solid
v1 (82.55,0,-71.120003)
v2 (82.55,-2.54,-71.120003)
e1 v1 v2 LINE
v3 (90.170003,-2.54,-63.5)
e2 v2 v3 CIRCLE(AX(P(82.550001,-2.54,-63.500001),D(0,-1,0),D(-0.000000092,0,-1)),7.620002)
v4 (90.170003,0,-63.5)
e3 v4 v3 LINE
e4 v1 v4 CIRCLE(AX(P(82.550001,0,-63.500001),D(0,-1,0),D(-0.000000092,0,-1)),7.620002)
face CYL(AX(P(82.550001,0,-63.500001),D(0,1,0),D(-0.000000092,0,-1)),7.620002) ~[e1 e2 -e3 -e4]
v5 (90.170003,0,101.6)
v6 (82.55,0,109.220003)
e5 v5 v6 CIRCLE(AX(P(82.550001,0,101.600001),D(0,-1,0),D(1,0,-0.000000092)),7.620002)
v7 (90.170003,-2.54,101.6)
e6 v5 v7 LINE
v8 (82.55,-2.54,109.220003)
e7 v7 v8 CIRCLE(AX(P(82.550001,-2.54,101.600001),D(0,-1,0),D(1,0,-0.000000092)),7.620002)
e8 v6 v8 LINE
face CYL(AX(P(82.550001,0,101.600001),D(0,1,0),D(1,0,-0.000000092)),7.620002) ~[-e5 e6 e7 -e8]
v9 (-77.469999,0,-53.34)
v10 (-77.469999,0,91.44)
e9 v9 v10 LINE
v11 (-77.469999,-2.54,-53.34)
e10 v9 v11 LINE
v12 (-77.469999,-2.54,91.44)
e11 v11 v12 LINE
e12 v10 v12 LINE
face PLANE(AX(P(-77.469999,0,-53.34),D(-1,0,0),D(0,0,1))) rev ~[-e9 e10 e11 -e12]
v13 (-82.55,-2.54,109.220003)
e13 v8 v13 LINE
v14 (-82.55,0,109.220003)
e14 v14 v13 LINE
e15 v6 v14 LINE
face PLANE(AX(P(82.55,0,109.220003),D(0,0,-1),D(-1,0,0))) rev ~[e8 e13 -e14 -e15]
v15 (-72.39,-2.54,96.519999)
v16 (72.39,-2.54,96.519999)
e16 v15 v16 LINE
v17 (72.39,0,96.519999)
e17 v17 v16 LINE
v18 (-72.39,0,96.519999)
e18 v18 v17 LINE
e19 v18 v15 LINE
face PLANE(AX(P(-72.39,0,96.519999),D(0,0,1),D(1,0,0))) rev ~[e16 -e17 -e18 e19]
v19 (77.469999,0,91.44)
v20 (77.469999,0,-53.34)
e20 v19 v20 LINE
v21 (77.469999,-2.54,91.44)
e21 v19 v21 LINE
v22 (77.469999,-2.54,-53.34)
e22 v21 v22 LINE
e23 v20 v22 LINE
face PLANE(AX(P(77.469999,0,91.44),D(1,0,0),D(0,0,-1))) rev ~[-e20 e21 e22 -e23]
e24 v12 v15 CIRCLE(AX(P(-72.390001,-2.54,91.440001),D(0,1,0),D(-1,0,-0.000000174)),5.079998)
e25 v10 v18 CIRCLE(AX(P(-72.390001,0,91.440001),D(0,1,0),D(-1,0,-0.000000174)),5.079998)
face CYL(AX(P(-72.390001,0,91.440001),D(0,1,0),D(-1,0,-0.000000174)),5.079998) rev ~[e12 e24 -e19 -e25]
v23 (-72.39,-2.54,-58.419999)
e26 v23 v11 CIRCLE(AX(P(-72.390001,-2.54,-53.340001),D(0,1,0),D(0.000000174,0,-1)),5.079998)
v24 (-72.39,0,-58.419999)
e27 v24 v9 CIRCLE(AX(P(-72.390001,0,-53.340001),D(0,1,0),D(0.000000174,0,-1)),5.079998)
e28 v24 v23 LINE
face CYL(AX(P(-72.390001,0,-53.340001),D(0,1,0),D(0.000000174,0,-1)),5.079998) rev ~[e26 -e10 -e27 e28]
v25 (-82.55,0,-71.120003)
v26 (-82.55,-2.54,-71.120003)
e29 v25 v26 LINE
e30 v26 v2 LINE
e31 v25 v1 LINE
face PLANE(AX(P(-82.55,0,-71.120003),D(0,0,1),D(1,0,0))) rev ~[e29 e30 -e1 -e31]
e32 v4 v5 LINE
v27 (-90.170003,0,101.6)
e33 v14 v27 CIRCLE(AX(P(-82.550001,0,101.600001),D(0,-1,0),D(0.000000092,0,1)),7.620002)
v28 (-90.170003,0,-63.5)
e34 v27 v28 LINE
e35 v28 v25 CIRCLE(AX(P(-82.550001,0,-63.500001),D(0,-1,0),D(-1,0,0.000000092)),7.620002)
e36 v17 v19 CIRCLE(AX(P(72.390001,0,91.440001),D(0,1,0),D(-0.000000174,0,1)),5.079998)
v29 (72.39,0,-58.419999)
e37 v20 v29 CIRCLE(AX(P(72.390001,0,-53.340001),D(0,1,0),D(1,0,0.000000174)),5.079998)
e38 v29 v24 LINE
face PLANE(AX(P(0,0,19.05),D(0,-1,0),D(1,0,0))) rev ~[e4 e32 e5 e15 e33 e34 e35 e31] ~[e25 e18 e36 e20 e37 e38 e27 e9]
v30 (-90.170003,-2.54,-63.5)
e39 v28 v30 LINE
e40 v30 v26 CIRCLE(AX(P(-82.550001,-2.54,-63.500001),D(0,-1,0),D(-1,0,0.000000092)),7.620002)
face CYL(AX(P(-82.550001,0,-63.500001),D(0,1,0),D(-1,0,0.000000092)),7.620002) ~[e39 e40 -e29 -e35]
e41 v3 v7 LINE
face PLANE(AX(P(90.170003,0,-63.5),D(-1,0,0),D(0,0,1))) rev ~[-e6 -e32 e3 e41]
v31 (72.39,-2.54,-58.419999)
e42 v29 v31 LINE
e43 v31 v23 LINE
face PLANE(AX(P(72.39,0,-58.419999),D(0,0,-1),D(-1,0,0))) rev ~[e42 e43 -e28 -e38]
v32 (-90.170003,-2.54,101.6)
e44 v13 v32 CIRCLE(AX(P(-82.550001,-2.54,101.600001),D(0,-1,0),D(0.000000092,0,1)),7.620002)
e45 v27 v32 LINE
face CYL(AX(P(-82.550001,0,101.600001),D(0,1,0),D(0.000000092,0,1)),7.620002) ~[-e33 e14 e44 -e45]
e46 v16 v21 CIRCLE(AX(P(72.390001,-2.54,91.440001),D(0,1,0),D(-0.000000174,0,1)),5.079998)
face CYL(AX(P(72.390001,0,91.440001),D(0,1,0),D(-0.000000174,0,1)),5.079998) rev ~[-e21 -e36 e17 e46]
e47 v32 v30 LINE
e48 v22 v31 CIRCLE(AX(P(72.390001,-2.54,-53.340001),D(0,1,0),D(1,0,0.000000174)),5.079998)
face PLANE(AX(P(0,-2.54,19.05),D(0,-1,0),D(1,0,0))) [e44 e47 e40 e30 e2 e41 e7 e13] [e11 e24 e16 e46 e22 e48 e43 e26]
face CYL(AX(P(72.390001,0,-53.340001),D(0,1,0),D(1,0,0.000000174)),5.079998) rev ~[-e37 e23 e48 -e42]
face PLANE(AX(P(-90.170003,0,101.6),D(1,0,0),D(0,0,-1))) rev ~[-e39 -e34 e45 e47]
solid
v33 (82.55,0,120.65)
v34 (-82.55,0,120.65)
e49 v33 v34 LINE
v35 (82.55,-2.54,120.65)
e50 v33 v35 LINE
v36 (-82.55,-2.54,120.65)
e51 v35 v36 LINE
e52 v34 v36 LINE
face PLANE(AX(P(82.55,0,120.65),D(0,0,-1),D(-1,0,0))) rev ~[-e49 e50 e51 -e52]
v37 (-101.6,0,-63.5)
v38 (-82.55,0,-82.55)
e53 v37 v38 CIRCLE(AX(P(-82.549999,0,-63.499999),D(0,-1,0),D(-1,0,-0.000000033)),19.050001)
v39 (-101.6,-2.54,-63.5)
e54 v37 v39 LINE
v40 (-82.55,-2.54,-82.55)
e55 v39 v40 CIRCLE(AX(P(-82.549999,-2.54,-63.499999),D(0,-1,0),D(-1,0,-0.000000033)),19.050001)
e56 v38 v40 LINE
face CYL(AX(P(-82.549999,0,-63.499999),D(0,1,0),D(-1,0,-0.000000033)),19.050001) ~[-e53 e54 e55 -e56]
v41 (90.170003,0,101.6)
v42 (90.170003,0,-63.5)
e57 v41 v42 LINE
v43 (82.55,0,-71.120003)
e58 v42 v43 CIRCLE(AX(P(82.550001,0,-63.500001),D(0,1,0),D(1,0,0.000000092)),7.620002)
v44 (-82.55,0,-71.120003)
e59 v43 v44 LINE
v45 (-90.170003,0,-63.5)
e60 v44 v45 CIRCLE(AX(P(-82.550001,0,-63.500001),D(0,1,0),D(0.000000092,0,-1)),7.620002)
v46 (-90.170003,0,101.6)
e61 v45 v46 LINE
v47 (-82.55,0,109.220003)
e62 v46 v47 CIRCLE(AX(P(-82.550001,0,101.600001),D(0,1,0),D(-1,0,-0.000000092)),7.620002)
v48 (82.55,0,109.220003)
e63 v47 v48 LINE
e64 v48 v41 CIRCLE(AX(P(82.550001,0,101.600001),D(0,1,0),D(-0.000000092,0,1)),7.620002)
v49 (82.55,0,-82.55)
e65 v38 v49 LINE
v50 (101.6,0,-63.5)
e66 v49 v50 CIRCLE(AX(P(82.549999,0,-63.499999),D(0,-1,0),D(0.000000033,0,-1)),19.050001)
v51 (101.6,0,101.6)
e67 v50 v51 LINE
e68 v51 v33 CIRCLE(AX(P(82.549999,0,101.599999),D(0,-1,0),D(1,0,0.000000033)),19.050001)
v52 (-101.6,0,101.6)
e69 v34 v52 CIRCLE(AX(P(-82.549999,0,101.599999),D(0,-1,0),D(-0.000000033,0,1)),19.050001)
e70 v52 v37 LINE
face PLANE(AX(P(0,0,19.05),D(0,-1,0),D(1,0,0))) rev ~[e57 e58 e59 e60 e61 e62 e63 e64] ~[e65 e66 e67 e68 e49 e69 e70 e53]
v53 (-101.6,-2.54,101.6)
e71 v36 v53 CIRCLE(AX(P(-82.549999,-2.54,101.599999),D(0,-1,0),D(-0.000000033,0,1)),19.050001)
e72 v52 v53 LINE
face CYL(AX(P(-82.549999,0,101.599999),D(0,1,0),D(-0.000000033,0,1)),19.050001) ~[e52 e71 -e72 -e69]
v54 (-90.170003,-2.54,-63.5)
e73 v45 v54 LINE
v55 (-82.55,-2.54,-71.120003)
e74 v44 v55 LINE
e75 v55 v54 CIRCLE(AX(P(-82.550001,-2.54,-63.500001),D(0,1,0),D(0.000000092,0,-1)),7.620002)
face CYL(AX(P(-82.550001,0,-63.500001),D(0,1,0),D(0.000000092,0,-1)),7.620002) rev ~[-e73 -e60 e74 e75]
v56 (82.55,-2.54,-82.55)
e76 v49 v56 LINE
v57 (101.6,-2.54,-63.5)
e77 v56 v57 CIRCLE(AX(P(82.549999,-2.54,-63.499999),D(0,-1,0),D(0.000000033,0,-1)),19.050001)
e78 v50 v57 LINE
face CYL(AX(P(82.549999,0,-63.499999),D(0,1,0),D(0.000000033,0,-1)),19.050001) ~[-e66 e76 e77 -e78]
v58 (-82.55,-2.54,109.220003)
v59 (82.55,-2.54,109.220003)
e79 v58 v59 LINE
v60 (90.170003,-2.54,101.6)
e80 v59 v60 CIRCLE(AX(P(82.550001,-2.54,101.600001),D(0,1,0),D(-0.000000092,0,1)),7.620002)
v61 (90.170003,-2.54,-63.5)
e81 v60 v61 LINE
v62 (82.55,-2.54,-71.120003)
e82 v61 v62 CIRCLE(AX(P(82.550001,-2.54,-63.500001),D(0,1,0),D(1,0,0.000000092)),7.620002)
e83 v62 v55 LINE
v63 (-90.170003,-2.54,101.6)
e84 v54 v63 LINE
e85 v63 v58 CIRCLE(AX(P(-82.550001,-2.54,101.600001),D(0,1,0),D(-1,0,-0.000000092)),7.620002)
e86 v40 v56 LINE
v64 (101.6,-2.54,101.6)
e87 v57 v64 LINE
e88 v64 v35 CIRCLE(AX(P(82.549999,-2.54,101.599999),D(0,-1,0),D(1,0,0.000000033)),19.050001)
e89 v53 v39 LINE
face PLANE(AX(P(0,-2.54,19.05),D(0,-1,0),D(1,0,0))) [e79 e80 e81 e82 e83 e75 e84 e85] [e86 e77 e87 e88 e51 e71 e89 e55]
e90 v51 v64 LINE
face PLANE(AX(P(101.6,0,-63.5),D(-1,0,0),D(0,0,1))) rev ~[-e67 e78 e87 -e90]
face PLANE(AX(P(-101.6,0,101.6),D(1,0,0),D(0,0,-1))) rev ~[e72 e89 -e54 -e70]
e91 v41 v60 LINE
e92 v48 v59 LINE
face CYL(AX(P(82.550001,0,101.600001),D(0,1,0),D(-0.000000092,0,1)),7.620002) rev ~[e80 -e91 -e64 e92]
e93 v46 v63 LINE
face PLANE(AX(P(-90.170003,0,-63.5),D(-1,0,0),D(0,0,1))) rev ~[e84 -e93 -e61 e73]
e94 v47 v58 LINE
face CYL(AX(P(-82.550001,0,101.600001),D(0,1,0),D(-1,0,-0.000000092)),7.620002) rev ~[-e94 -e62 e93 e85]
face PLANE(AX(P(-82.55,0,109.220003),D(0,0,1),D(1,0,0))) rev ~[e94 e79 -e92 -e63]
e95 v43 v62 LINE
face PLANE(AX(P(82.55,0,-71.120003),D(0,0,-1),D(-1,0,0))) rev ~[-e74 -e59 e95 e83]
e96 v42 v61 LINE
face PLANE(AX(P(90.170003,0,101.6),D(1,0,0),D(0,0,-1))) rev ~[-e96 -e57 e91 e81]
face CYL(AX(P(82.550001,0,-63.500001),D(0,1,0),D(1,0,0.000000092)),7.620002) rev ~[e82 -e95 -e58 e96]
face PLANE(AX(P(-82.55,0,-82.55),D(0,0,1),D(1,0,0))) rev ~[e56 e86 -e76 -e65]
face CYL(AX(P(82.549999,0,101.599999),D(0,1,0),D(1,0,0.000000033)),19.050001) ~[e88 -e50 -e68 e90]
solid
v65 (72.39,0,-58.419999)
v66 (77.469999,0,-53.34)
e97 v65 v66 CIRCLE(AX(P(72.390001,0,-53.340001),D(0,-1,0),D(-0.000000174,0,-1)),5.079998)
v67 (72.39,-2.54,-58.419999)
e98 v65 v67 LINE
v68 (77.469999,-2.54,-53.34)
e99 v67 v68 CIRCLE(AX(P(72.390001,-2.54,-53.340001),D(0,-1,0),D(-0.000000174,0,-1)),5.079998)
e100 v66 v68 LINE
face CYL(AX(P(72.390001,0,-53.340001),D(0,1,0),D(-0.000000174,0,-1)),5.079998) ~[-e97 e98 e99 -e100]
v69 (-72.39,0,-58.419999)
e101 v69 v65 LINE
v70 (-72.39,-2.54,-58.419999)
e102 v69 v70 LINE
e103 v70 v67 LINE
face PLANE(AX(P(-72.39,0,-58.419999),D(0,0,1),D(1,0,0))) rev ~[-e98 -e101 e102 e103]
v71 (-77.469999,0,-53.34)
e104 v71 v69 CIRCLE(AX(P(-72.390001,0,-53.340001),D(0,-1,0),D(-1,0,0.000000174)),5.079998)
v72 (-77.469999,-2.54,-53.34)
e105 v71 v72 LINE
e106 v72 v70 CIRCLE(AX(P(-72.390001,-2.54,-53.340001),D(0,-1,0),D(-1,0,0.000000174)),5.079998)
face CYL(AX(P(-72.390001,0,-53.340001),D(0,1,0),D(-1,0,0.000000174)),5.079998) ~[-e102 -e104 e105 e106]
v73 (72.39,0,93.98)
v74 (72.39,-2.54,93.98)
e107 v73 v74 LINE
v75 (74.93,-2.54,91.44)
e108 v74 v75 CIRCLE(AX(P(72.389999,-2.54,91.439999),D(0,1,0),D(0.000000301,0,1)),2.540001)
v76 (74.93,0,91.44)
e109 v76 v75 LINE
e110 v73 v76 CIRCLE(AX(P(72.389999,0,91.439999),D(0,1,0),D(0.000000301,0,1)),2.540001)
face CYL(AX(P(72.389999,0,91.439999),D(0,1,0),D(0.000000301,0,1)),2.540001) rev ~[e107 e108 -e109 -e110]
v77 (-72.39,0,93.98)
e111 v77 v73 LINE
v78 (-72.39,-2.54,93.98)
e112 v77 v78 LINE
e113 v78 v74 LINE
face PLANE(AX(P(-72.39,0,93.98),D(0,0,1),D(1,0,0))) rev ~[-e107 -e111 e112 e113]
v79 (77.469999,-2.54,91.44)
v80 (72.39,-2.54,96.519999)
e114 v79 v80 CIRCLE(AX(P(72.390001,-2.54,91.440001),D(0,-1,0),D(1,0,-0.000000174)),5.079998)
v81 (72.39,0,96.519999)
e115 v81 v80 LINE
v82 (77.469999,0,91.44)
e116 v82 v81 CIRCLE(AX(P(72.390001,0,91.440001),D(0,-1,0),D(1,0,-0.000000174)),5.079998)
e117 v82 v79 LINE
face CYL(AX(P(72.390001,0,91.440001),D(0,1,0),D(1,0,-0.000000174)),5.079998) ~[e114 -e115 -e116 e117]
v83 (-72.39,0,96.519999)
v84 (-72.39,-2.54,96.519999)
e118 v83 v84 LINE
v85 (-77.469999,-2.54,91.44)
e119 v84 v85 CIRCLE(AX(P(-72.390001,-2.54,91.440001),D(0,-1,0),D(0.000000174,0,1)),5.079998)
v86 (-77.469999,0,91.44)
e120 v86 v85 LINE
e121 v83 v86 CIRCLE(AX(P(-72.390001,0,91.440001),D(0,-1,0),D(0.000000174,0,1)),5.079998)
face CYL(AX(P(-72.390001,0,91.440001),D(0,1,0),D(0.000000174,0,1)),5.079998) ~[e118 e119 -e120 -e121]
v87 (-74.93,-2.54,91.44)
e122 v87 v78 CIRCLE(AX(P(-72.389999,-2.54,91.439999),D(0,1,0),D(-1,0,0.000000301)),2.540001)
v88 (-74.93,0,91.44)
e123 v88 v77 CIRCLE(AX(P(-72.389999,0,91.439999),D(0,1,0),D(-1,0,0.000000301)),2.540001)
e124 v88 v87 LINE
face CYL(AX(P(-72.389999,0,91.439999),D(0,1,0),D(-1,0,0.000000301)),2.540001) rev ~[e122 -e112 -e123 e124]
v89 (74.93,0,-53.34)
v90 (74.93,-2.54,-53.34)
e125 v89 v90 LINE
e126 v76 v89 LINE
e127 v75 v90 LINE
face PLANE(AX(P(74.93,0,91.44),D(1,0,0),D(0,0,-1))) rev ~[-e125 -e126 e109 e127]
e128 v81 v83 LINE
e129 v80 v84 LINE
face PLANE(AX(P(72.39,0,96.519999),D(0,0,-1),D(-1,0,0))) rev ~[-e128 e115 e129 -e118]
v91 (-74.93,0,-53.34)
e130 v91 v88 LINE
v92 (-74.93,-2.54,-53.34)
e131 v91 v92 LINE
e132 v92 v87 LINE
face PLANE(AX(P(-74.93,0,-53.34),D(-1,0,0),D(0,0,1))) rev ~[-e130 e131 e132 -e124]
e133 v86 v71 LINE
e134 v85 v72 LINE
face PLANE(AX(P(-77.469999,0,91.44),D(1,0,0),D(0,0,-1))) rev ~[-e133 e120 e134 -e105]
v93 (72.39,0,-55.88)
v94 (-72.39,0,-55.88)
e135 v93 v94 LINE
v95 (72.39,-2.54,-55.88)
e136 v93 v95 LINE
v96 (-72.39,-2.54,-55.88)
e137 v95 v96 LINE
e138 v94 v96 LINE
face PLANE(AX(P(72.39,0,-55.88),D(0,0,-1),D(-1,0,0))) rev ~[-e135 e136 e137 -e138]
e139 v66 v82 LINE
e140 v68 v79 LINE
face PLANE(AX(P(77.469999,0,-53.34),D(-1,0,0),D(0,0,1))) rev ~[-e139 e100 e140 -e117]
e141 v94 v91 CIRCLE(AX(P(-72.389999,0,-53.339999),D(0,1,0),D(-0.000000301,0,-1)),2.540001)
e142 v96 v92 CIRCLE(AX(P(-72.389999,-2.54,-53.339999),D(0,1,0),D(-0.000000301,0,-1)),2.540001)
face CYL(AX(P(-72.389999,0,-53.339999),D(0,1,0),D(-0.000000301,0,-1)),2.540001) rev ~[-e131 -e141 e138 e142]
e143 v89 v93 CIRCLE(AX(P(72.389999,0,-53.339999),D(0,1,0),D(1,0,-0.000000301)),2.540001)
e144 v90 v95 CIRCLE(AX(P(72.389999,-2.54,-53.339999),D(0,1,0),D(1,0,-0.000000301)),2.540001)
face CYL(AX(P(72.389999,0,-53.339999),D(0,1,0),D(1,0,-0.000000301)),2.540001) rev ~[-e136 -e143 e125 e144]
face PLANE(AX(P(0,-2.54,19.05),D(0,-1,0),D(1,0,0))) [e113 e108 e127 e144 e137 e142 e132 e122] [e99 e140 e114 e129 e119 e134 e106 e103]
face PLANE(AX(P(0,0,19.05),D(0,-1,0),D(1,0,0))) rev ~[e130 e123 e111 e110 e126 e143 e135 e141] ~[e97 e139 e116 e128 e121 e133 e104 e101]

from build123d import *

# Parameters (mm, degrees)
F1_DEPTH = 2.54
F2_DEPTH = 2.54


with BuildPart() as f1:
    # F0 (on Front) → F1 (new body)
    with BuildSketch(Plane.XZ):
        with BuildLine():
            ThreePointArc((-82.55, 120.65), (-96.020384, 115.070384), (-101.6, 101.6))
            Line((-101.6, 101.6), (-101.6, 54.021736))
            Line((-101.6, 54.021736), (-101.6, -15.921711))
            Line((-101.6, -15.921711), (-101.6, -63.5))
            ThreePointArc((-101.6, -63.5), (-96.020384, -76.970384), (-82.55, -82.55))
            Line((-82.55, -82.55), (-41.275, -82.55))
            Line((-41.275, -82.55), (41.275, -82.55))
            Line((41.275, -82.55), (82.55, -82.55))
            ThreePointArc((82.55, -82.55), (96.020384, -76.970384), (101.6, -63.5))
            Line((101.6, -63.5), (101.6, 101.6))
            ThreePointArc((101.6, 101.6), (96.020384, 115.070384), (82.55, 120.65))
            Line((82.55, 120.65), (-82.55, 120.65))
        make_face()
        with BuildLine():
            ThreePointArc((-90.170003, 101.6), (-87.938156, 106.988156), (-82.55, 109.220003))
            Line((-82.55, 109.220003), (82.55, 109.220003))
            ThreePointArc((82.55, 109.220003), (87.938156, 106.988156), (90.170003, 101.6))
            Line((90.170003, 101.6), (90.170003, -63.5))
            ThreePointArc((90.170003, -63.5), (87.938156, -68.888156), (82.55, -71.120003))
            Line((82.55, -71.120003), (41.275, -71.120003))
            Line((41.275, -71.120003), (-41.275, -71.120003))
            Line((-41.275, -71.120003), (-82.55, -71.120003))
            ThreePointArc((-82.55, -71.120003), (-87.938156, -68.888156), (-90.170003, -63.5))
            Line((-90.170003, -63.5), (-90.170003, -15.921711))
            Line((-90.170003, -15.921711), (-90.170003, 54.021736))
            Line((-90.170003, 54.021736), (-90.170003, 101.6))
        make_face(mode=Mode.SUBTRACT)
        with BuildLine():
            Line((77.469999, -53.34), (77.469999, 91.44))
            ThreePointArc((77.469999, 91.44), (75.982102, 95.032102), (72.39, 96.519999))
            Line((72.39, 96.519999), (-72.39, 96.519999))
            ThreePointArc((-72.39, 96.519999), (-75.982102, 95.032102), (-77.469999, 91.44))
            Line((-77.469999, 91.44), (-77.469999, -53.34))
            ThreePointArc((-77.469999, -53.34), (-75.982102, -56.932102), (-72.39, -58.419999))
            Line((-72.39, -58.419999), (72.39, -58.419999))
            ThreePointArc((72.39, -58.419999), (75.982102, -56.932102), (77.469999, -53.34))
        make_face()
        with BuildLine():
            Line((-72.39, 93.98), (72.39, 93.98))
            ThreePointArc((72.39, 93.98), (74.186051, 93.236051), (74.93, 91.44))
            Line((74.93, 91.44), (74.93, -53.34))
            ThreePointArc((74.93, -53.34), (74.186051, -55.136051), (72.39, -55.88))
            Line((72.39, -55.88), (-72.39, -55.88))
            ThreePointArc((-72.39, -55.88), (-74.186051, -55.136051), (-74.93, -53.34))
            Line((-74.93, -53.34), (-74.93, 91.44))
            ThreePointArc((-74.93, 91.44), (-74.186051, 93.236051), (-72.39, 93.98))
        make_face(mode=Mode.SUBTRACT)
    extrude(amount=F1_DEPTH)


with BuildPart() as f2:
    # F0 (on Front) → F2 (new body)
    with BuildSketch(Plane.XZ):
        with BuildLine():
            Line((82.55, 109.220003), (-82.55, 109.220003))
            ThreePointArc((-82.55, 109.220003), (-87.938156, 106.988156), (-90.170003, 101.6))
            Line((-90.170003, 101.6), (-90.170003, 54.021736))
            Line((-90.170003, 54.021736), (-90.170003, -15.921711))
            Line((-90.170003, -15.921711), (-90.170003, -63.5))
            ThreePointArc((-90.170003, -63.5), (-87.938156, -68.888156), (-82.55, -71.120003))
            Line((-82.55, -71.120003), (-41.275, -71.120003))
            Line((-41.275, -71.120003), (41.275, -71.120003))
            Line((41.275, -71.120003), (82.55, -71.120003))
            ThreePointArc((82.55, -71.120003), (87.938156, -68.888156), (90.170003, -63.5))
            Line((90.170003, -63.5), (90.170003, 101.6))
            ThreePointArc((90.170003, 101.6), (87.938156, 106.988156), (82.55, 109.220003))
        make_face()
        with BuildLine():
            ThreePointArc((72.39, 96.519999), (75.982102, 95.032102), (77.469999, 91.44))
            Line((77.469999, 91.44), (77.469999, -53.34))
            ThreePointArc((77.469999, -53.34), (75.982102, -56.932102), (72.39, -58.419999))
            Line((72.39, -58.419999), (-72.39, -58.419999))
            ThreePointArc((-72.39, -58.419999), (-75.982102, -56.932102), (-77.469999, -53.34))
            Line((-77.469999, -53.34), (-77.469999, 91.44))
            ThreePointArc((-77.469999, 91.44), (-75.982102, 95.032102), (-72.39, 96.519999))
            Line((-72.39, 96.519999), (72.39, 96.519999))
        make_face(mode=Mode.SUBTRACT)
    extrude(amount=F2_DEPTH)


solid = Compound([f1.part, f2.part])
